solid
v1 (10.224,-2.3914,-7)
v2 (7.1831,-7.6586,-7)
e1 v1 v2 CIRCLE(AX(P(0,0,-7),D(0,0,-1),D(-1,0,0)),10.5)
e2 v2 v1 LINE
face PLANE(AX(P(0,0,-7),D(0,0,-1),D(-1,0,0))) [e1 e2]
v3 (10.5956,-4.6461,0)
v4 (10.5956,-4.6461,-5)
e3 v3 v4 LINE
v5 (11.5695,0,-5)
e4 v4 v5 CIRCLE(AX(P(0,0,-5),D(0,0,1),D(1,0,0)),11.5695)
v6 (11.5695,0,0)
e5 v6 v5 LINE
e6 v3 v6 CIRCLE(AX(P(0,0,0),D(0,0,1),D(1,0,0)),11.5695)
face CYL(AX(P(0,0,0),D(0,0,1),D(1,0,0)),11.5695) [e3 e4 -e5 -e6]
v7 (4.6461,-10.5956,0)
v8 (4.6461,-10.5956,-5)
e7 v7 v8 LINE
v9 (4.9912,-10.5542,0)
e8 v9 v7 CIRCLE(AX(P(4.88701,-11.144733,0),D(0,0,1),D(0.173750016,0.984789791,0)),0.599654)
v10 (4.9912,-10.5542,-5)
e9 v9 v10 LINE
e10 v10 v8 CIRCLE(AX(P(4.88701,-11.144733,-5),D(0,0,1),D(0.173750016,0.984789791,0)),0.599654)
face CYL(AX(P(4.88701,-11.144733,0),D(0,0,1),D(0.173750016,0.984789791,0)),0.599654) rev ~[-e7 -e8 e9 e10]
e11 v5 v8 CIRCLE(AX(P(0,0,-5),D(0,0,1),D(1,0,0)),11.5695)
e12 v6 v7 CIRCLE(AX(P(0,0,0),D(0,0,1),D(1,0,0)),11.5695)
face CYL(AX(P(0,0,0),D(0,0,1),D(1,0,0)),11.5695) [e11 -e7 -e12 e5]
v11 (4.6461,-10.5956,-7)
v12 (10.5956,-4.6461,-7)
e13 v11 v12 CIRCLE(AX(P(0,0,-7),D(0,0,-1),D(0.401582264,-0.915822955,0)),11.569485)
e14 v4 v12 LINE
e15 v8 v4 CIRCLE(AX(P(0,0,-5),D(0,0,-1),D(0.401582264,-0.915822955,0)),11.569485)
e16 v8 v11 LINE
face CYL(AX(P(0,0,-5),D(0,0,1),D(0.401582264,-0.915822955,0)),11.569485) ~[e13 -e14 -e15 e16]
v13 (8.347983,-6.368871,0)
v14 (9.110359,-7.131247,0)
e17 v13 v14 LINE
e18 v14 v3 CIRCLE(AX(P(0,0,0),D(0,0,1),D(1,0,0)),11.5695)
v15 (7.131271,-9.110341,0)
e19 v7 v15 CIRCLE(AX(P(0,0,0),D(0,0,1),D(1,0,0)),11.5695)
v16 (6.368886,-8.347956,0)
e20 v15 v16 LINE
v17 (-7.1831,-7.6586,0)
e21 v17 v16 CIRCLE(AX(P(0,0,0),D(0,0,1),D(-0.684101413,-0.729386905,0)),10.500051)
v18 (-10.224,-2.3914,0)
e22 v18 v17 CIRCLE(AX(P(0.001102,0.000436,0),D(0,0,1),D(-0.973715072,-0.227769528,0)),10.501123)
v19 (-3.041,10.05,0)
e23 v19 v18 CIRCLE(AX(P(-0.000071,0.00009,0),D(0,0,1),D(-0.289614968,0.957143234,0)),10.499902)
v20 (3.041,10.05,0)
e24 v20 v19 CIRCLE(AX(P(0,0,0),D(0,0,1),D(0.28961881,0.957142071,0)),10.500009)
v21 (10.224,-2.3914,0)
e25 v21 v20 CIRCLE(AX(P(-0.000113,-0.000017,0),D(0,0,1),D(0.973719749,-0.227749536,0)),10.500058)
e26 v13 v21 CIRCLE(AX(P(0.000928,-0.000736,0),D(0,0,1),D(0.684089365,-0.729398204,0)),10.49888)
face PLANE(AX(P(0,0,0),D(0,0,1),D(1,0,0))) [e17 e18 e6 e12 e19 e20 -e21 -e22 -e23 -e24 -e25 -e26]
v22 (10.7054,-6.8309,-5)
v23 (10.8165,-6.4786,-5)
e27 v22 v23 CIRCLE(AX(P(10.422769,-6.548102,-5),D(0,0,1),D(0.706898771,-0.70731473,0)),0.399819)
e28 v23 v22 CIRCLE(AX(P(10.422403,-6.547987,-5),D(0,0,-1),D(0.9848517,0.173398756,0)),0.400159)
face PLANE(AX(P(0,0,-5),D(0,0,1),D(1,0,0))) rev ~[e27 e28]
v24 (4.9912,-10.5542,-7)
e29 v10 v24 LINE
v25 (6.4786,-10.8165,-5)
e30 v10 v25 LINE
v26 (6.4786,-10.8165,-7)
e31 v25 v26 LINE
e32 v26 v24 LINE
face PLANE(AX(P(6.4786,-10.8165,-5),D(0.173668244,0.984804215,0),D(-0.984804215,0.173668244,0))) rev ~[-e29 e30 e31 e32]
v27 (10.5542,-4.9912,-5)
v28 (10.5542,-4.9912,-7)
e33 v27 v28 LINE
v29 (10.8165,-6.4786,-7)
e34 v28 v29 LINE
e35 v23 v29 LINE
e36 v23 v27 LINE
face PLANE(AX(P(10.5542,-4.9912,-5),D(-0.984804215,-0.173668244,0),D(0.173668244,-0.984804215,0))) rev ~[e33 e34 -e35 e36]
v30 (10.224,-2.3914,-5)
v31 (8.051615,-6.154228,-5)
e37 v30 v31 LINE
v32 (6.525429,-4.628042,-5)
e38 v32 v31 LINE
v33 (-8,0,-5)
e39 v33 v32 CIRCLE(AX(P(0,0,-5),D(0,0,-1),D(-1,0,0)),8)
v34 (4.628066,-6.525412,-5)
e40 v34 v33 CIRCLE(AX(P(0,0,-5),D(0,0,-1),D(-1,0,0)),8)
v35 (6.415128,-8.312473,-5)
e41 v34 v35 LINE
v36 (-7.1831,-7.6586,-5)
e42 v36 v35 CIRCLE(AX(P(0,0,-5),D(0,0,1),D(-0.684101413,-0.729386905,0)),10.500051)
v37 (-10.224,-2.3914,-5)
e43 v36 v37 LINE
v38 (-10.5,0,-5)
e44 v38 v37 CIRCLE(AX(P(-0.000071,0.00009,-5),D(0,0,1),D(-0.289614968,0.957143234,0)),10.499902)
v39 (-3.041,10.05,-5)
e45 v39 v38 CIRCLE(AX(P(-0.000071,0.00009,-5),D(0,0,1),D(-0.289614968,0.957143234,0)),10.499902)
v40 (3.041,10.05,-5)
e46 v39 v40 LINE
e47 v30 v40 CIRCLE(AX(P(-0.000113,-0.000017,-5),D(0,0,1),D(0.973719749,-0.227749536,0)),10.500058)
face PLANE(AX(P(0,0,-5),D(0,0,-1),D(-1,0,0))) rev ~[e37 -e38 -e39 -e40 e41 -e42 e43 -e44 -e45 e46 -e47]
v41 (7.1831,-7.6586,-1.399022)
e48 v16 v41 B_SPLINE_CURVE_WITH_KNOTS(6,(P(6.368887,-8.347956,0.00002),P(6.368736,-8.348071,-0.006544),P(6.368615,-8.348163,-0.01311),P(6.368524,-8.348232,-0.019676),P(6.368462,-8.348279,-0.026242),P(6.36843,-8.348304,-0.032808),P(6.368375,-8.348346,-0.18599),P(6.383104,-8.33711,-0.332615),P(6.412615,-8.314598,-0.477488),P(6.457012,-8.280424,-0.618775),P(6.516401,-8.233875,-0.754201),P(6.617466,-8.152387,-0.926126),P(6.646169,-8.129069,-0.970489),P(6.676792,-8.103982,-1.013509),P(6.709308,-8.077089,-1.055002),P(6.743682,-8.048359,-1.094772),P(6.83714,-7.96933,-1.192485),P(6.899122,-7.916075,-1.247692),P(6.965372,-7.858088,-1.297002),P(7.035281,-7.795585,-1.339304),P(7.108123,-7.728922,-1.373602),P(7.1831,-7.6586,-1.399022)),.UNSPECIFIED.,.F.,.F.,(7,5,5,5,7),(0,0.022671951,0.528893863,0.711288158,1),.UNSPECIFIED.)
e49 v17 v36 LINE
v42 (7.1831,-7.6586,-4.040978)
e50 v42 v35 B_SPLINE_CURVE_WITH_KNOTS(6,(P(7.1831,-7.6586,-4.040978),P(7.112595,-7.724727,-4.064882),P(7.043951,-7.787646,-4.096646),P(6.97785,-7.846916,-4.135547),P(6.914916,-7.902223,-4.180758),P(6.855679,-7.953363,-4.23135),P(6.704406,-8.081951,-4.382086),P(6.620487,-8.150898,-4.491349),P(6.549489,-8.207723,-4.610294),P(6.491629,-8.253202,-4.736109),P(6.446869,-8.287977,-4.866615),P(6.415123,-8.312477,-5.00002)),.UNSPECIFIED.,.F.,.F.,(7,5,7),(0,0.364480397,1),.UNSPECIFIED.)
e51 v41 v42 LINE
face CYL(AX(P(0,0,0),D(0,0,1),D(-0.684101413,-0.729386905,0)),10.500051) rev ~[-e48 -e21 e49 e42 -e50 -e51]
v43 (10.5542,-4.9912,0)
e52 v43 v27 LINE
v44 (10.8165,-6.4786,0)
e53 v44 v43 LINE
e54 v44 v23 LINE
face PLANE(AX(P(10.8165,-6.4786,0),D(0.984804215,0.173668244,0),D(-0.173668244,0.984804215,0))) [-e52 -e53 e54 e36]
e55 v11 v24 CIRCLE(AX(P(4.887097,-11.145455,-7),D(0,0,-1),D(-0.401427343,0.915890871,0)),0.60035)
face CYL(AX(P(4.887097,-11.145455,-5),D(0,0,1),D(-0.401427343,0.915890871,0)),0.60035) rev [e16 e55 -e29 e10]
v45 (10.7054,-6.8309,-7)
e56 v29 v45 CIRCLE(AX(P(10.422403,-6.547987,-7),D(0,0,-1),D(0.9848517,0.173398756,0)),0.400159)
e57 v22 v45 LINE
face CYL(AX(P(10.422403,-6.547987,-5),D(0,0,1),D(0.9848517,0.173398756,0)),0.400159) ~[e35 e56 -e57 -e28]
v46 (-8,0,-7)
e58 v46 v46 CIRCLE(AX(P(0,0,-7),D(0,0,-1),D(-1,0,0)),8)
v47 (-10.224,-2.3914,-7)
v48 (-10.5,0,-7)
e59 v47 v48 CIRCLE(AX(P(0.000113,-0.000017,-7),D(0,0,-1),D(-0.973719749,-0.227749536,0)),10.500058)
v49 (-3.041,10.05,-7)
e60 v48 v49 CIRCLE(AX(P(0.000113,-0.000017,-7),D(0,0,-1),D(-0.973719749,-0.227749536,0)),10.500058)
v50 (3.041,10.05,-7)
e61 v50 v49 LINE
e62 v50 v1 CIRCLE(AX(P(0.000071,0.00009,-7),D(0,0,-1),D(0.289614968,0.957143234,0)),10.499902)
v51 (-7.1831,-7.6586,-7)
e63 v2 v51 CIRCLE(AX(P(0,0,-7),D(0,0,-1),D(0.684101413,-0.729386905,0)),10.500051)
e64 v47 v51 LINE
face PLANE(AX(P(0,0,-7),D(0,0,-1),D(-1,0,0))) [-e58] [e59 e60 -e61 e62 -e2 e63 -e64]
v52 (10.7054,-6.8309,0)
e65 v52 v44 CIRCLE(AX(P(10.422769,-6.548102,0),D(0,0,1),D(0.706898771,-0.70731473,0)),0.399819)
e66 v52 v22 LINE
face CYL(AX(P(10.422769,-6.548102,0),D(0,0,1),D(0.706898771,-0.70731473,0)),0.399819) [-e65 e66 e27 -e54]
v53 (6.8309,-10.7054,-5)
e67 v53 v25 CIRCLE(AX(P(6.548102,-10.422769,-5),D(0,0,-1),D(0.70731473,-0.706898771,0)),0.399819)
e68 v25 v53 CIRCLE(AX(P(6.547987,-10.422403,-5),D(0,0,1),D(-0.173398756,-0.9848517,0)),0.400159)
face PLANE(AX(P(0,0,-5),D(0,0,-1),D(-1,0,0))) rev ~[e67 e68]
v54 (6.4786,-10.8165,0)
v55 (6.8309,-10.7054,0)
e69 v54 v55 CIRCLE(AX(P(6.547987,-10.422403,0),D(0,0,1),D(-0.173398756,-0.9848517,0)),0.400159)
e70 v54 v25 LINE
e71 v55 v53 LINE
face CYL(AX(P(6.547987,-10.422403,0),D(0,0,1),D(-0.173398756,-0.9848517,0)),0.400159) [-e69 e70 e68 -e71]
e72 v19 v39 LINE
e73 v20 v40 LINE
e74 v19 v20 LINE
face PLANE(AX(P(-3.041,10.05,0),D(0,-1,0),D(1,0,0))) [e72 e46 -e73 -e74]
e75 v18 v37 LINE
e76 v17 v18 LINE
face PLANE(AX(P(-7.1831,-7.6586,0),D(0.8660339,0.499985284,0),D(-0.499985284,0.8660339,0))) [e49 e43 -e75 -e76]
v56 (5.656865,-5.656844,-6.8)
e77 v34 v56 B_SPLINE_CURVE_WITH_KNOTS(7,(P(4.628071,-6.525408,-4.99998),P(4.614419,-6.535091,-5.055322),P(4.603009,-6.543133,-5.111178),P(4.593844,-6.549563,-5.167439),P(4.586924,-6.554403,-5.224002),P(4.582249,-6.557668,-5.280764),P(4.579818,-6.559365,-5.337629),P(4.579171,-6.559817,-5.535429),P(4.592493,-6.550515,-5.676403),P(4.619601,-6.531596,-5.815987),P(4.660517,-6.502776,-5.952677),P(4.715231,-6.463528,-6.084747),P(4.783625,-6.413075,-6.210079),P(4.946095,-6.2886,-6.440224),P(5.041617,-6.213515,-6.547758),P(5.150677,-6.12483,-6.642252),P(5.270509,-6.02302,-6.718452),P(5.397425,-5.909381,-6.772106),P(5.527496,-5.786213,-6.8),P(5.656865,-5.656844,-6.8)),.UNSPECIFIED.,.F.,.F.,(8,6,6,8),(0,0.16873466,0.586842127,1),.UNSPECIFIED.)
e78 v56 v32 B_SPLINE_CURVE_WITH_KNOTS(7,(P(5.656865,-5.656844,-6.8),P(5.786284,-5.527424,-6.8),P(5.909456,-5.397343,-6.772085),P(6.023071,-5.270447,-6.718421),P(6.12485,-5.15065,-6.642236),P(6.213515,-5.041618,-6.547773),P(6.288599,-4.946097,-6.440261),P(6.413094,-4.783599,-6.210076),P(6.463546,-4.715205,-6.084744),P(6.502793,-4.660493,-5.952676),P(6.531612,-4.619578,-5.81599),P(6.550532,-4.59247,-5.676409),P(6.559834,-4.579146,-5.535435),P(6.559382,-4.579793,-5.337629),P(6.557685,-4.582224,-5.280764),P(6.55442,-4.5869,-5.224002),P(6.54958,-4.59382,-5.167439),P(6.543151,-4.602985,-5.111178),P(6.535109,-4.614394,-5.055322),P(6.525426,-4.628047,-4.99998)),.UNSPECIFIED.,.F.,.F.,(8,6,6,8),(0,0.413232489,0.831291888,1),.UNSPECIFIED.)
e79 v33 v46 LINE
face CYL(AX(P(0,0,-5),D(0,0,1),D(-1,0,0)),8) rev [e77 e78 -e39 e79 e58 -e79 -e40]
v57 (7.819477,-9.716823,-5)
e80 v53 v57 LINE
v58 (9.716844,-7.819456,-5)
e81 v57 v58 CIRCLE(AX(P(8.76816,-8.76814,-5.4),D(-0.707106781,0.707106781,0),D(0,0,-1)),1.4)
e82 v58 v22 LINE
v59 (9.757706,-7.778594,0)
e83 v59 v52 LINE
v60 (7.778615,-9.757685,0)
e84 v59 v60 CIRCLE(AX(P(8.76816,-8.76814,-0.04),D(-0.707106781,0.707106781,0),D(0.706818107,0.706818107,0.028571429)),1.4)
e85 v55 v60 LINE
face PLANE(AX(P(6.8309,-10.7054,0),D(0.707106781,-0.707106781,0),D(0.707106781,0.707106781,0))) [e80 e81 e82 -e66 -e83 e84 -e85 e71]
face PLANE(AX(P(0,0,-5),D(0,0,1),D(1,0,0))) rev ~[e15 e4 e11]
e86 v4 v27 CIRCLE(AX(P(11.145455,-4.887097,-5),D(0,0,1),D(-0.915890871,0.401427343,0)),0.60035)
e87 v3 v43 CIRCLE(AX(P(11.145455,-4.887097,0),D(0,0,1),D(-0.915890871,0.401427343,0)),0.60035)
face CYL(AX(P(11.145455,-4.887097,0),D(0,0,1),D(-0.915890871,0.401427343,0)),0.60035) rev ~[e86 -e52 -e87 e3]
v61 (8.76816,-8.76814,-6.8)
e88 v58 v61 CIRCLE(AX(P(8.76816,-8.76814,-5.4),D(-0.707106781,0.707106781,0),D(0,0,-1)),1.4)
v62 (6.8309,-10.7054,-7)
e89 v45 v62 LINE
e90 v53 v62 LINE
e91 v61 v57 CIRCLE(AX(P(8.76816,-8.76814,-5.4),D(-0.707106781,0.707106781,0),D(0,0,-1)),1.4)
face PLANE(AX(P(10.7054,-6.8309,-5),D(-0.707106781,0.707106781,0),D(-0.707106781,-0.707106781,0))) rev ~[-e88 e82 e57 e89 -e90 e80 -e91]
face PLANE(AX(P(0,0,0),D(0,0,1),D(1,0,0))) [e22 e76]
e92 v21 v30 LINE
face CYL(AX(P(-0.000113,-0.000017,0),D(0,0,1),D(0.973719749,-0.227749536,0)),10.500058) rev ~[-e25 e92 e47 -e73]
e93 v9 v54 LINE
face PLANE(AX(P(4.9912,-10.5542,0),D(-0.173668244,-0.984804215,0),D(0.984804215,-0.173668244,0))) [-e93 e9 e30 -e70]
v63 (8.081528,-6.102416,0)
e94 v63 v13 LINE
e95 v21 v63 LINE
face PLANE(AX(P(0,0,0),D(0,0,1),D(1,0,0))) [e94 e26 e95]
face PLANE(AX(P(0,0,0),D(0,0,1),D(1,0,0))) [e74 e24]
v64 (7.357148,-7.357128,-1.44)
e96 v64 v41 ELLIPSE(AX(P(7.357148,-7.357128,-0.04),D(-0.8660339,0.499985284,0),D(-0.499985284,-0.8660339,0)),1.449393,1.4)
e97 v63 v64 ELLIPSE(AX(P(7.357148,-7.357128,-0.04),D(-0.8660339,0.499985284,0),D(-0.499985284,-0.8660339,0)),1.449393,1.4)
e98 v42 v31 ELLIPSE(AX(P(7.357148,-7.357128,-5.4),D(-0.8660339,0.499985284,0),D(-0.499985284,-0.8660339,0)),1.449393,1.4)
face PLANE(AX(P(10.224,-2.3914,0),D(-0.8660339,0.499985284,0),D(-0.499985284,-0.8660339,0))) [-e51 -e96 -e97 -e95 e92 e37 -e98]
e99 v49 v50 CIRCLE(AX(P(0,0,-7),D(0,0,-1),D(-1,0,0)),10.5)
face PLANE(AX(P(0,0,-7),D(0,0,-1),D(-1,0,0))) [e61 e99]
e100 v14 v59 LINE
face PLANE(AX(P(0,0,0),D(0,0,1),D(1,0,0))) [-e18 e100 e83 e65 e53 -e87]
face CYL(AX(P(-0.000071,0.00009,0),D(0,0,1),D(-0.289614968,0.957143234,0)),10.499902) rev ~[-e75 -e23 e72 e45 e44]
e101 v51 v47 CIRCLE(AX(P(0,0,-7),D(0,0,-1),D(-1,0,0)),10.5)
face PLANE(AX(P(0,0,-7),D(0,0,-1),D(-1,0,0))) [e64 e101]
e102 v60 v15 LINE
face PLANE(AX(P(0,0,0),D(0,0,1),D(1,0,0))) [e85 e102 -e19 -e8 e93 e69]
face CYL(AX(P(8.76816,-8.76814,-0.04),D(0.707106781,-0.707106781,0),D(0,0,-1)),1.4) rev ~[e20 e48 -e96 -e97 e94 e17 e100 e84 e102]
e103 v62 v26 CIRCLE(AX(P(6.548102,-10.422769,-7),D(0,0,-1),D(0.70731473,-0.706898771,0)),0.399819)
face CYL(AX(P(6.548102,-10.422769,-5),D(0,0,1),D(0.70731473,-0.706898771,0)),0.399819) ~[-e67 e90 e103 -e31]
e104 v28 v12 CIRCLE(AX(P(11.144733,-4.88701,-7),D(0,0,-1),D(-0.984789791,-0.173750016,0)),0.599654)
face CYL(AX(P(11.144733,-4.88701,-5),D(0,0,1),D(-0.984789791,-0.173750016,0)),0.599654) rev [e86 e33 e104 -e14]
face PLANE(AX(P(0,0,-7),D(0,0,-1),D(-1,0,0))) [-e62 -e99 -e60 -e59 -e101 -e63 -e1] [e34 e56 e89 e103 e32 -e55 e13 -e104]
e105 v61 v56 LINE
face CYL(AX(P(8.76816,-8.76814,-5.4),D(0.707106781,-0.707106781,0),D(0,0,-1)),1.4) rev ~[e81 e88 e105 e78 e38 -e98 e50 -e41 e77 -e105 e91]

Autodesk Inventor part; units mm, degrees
ref_plane "YZ Plane" through (0, 0, 0) normal (1, 0, 0) x (0, 1, 0)
ref_plane "XZ Plane" through (0, 0, 0) normal (0, 1, 0) x (-1, 0, 0)
ref_plane "XY Plane" through (0, 0, 0) normal (0, 0, 1) x (1, 0, 0)
sketch "Sketch1" plane through (0, 0, 0) normal (0, 0, 1) x (1, 0, 0)
  line L0 (9.6801, -14.008) -> (7.2052, -11.5331) construction
  line L1 (7.2052, -11.5331) -> (11.5893, -7.1491) construction
  line L2 (11.5893, -7.1491) -> (14.0642, -9.6239) construction
  line L3 (14.0642, -9.6239) -> (9.6801, -14.008) construction
  arc A0 (12.6369, -4.7496) -> (4.7496, -12.6369) centre (0, 0) ccw construction
  line L4 (10.9298, -3.0424) -> (12.6369, -4.7496) construction
  line L5 (11.6618, -4.6122) -> (10.9298, -3.0424) construction
  arc A1 (11.6618, -4.6122) -> (10.8551, -4.47) centre (11.2086, -4.8235) ccw construction
  line L6 (10.7915, -4.5335) -> (10.8551, -4.47) construction
  arc A2 (10.7915, -4.5335) -> (10.6527, -4.9738) centre (11.1451, -4.887) ccw construction
  line L7 (10.915, -6.4612) -> (10.6527, -4.9738) construction
  arc A3 (10.7761, -6.9016) -> (10.915, -6.4612) centre (10.4226, -6.548) ccw construction
  line L8 (6.9016, -10.7761) -> (10.7761, -6.9016) construction
  arc A4 (6.4612, -10.915) -> (6.9016, -10.7761) centre (6.548, -10.4226) ccw construction
  line L9 (6.4612, -10.915) -> (4.9738, -10.6527) construction
  arc A5 (4.9738, -10.6527) -> (4.5335, -10.7915) centre (4.887, -11.1451) ccw construction
  line L10 (4.5335, -10.7915) -> (4.47, -10.8551) construction
  arc A6 (4.47, -10.8551) -> (4.6122, -11.6618) centre (4.8235, -11.2086) ccw construction
  line L11 (4.6122, -11.6618) -> (3.0424, -10.9298) construction
  line L12 (3.0424, -10.9298) -> (4.7496, -12.6369) construction
  line L13 (-1.7167, -14.6498) -> (-1.7167, -17.5) construction
  line L14 (-1.7167, -17.5) -> (1.7167, -17.5) construction
  line L15 (1.7167, -14.6498) -> (1.7167, -17.5) construction
  arc A7 (1.7167, -14.6498) -> (6.9595, -13.0049) centre (0, 0) ccw construction
  arc A8 (6.9595, -13.0049) -> (8.2728, -15.1789) centre (8.2994, -13.6792) ccw construction
  line L16 (8.2728, -15.1789) -> (7.6816, -15.1684) construction
  arc A9 (8.5249, -17.8901) -> (7.6816, -15.1684) centre (7.655, -16.6682) ccw construction
  line L17 (8.5249, -17.8901) -> (13.5161, -14.3366) construction
  line L18 (13.5161, -14.3366) -> (13.5161, -12.2823) construction
  line L19 (13.5161, -12.2823) -> (14.6168, -12.2823) construction
  line L20 (14.6168, -12.2823) -> (14.6168, -1.9776) construction
  arc A10 (14.6168, -1.9776) -> (1.7167, 14.6498) centre (0, 0) ccw construction
  line L21 (1.7167, 14.6498) -> (1.7167, 17.5) construction
  line L22 (-1.7167, 17.5) -> (1.7167, 17.5) construction
  line L23 (-1.7167, 14.6498) -> (-1.7167, 17.5) construction
  arc A11 (-1.7167, 14.6498) -> (-14.2817, -3.6872) centre (0, 0) ccw construction
  line L24 (-14.2817, -3.6872) -> (-15.4135, -5.7935) construction
  arc A12 (-15.4135, -5.7935) -> (-14.5984, -8.502) centre (-13.6517, -6.7402) ccw construction
  line L25 (-14.5984, -8.502) -> (-9.6326, -11.1703) construction
  arc A13 (-9.6326, -11.1703) -> (-1.7167, -14.6498) centre (0, 0) ccw construction
  line L26 (-24.6, 24.6) -> (25.2, -25.2) construction
  line L27 (25.2, 24.6) -> (-24.6, -25.2) construction
  arc A14 (-3.041, 10.05) -> (-10.224, -2.3914) centre (0, 0) ccw
  circle A15 centre (0, 0) radius 10.1 construction
  line L28 (-3.041, 10.05) -> (3.041, 10.05)
  line L29 (-7.1831, -7.6586) -> (-10.224, -2.3914)
  line L30 (10.224, -2.3914) -> (7.1831, -7.6586)
  arc A16 (3.041, 10.05) -> (-3.041, 10.05) centre (0, 0) ccw
  arc A17 (10.224, -2.3914) -> (3.041, 10.05) centre (0, 0) ccw
  arc A18 (7.1831, -7.6586) -> (10.224, -2.3914) centre (0, 0) ccw
  arc A19 (-7.1831, -7.6586) -> (7.1831, -7.6586) centre (0, 0) ccw
  arc A20 (-10.224, -2.3914) -> (-7.1831, -7.6586) centre (0, 0) ccw
  arc A21 (10.7054, -6.8309) -> (10.8165, -6.4786) centre (10.4226, -6.548) ccw
  line L31 (10.8165, -6.4786) -> (10.5542, -4.9912)
  arc A22 (10.7208, -4.4628) -> (10.5956, -4.6461) centre (11.1451, -4.887) ccw construction
  line L32 (10.7208, -4.4628) -> (10.7844, -4.3992) construction
  arc A23 (11.7601, -5.0598) -> (10.7844, -4.3992) centre (11.2086, -4.8235) ccw construction
  line L33 (11.7601, -5.0598) -> (10.5994, -2.5707) construction
  line L34 (10.5994, -2.5707) -> (12.5972, -4.5684) construction
  arc A24 (12.5972, -4.5684) -> (4.5684, -12.5972) centre (0, 0) ccw construction
  line L35 (4.5684, -12.5972) -> (2.5707, -10.5994) construction
  line L36 (2.5707, -10.5994) -> (4.2491, -11.3821) construction
  arc A25 (4.3992, -10.7844) -> (4.2491, -11.3821) centre (4.8235, -11.2086) ccw construction
  line L37 (4.3992, -10.7844) -> (4.4628, -10.7208) construction
  arc A26 (4.9912, -10.5542) -> (4.6461, -10.5956) centre (4.887, -11.1451) ccw
  line L38 (4.9912, -10.5542) -> (6.4786, -10.8165)
  arc A27 (6.4786, -10.8165) -> (6.8309, -10.7054) centre (6.548, -10.4226) ccw
  line L39 (6.8309, -10.7054) -> (10.7054, -6.8309)
  circle A28 centre (0, 0) radius 11.5695
  arc A29 (4.6461, -10.5956) -> (4.4628, -10.7208) centre (4.887, -11.1451) ccw construction
  arc A30 (10.5956, -4.6461) -> (10.5542, -4.9912) centre (11.1451, -4.887) ccw
  dimension "d4" = 20.2
  dimension "d5" = 10.05
  dimension "d6" = 21
  dimension "d9" = 360
  dimension "d11" = 0.1
extrude "Extrusion1" add sketch "Sketch1" against normal blind 5 contours A16 L28 | L29 A20 | A18 L30 | L39 A27 L38 A26 A28 A30 L31 A21 | A28
sketch "Sketch3" plane through (0, 0, -5) normal (0, 0, -1) x (-1, 0, 0)
  line L0 (10.224, -2.3914) -> (7.1831, -7.6586) projected
  arc A0 (-7.1831, -7.6586) -> (7.1831, -7.6586) centre (0, 0) ccw projected
  line L1 (-7.1831, -7.6586) -> (-10.224, -2.3914) projected
  arc A1 (-3.041, 10.05) -> (-10.224, -2.3914) centre (0, 0) ccw projected
  line L2 (-3.041, 10.05) -> (3.041, 10.05) projected
  arc A2 (10.224, -2.3914) -> (3.041, 10.05) centre (0, 0) ccw projected
  arc A3 (-10.8165, -6.4786) -> (-10.7054, -6.8309) centre (-10.4226, -6.548) ccw projected
  line L3 (-10.7054, -6.8309) -> (-6.8309, -10.7054) projected
  arc A4 (-6.8309, -10.7054) -> (-6.4786, -10.8165) centre (-6.548, -10.4226) ccw projected
  line L4 (-6.4786, -10.8165) -> (-4.9912, -10.5542) projected
  arc A5 (-4.6461, -10.5956) -> (-4.9912, -10.5542) centre (-4.887, -11.1451) ccw projected
  arc A6 (-4.6461, -10.5956) -> (-10.5956, -4.6461) centre (0, 0) ccw projected
  arc A7 (-10.5542, -4.9912) -> (-10.5956, -4.6461) centre (-11.1451, -4.887) ccw projected
  line L5 (-10.5542, -4.9912) -> (-10.8165, -6.4786) projected
  circle A8 centre (0, 0) radius 8
  circle A9 centre (0, 0) radius 10.5
  dimension "d17" = 16
extrude "Extrusion3" add sketch "Sketch3" along normal blind 2 contours A9 L0 | L0 A0 L1 A1 L2 A2 | A9 L1 | L2 A9 | L5 A7 A6 A5 L4 A4 L3 A3
sketch "Sketch4" plane through (6.8309, -10.7054, 0) normal (0.7071, -0.7071, 0) x (0, 0, -1)
  line L0 (0, 0) -> (0, 5.4794) construction
  line L1 (0, 0) -> (7, 0) construction
  line L2 (7, 5.4794) -> (7, 0) construction
  line L3 (0, 5.4794) -> (7, 5.4794) construction
  line L4 (0, 2.7397) -> (7, 2.7397) construction
  circle A0 centre (5.4, 2.7397) radius 1.4
  circle A1 centre (0.04, 2.7397) radius 1.4
  dimension "d20" = 2.8
  dimension "d21" = 1.6
  dimension "d47" = 2.8
  dimension "d48" = 5.36
extrude "Extrusion4" cut sketch "Sketch4" against normal up to surface
properties part number "20_focus_inlet_linearflexure_objective_mount_v0"
